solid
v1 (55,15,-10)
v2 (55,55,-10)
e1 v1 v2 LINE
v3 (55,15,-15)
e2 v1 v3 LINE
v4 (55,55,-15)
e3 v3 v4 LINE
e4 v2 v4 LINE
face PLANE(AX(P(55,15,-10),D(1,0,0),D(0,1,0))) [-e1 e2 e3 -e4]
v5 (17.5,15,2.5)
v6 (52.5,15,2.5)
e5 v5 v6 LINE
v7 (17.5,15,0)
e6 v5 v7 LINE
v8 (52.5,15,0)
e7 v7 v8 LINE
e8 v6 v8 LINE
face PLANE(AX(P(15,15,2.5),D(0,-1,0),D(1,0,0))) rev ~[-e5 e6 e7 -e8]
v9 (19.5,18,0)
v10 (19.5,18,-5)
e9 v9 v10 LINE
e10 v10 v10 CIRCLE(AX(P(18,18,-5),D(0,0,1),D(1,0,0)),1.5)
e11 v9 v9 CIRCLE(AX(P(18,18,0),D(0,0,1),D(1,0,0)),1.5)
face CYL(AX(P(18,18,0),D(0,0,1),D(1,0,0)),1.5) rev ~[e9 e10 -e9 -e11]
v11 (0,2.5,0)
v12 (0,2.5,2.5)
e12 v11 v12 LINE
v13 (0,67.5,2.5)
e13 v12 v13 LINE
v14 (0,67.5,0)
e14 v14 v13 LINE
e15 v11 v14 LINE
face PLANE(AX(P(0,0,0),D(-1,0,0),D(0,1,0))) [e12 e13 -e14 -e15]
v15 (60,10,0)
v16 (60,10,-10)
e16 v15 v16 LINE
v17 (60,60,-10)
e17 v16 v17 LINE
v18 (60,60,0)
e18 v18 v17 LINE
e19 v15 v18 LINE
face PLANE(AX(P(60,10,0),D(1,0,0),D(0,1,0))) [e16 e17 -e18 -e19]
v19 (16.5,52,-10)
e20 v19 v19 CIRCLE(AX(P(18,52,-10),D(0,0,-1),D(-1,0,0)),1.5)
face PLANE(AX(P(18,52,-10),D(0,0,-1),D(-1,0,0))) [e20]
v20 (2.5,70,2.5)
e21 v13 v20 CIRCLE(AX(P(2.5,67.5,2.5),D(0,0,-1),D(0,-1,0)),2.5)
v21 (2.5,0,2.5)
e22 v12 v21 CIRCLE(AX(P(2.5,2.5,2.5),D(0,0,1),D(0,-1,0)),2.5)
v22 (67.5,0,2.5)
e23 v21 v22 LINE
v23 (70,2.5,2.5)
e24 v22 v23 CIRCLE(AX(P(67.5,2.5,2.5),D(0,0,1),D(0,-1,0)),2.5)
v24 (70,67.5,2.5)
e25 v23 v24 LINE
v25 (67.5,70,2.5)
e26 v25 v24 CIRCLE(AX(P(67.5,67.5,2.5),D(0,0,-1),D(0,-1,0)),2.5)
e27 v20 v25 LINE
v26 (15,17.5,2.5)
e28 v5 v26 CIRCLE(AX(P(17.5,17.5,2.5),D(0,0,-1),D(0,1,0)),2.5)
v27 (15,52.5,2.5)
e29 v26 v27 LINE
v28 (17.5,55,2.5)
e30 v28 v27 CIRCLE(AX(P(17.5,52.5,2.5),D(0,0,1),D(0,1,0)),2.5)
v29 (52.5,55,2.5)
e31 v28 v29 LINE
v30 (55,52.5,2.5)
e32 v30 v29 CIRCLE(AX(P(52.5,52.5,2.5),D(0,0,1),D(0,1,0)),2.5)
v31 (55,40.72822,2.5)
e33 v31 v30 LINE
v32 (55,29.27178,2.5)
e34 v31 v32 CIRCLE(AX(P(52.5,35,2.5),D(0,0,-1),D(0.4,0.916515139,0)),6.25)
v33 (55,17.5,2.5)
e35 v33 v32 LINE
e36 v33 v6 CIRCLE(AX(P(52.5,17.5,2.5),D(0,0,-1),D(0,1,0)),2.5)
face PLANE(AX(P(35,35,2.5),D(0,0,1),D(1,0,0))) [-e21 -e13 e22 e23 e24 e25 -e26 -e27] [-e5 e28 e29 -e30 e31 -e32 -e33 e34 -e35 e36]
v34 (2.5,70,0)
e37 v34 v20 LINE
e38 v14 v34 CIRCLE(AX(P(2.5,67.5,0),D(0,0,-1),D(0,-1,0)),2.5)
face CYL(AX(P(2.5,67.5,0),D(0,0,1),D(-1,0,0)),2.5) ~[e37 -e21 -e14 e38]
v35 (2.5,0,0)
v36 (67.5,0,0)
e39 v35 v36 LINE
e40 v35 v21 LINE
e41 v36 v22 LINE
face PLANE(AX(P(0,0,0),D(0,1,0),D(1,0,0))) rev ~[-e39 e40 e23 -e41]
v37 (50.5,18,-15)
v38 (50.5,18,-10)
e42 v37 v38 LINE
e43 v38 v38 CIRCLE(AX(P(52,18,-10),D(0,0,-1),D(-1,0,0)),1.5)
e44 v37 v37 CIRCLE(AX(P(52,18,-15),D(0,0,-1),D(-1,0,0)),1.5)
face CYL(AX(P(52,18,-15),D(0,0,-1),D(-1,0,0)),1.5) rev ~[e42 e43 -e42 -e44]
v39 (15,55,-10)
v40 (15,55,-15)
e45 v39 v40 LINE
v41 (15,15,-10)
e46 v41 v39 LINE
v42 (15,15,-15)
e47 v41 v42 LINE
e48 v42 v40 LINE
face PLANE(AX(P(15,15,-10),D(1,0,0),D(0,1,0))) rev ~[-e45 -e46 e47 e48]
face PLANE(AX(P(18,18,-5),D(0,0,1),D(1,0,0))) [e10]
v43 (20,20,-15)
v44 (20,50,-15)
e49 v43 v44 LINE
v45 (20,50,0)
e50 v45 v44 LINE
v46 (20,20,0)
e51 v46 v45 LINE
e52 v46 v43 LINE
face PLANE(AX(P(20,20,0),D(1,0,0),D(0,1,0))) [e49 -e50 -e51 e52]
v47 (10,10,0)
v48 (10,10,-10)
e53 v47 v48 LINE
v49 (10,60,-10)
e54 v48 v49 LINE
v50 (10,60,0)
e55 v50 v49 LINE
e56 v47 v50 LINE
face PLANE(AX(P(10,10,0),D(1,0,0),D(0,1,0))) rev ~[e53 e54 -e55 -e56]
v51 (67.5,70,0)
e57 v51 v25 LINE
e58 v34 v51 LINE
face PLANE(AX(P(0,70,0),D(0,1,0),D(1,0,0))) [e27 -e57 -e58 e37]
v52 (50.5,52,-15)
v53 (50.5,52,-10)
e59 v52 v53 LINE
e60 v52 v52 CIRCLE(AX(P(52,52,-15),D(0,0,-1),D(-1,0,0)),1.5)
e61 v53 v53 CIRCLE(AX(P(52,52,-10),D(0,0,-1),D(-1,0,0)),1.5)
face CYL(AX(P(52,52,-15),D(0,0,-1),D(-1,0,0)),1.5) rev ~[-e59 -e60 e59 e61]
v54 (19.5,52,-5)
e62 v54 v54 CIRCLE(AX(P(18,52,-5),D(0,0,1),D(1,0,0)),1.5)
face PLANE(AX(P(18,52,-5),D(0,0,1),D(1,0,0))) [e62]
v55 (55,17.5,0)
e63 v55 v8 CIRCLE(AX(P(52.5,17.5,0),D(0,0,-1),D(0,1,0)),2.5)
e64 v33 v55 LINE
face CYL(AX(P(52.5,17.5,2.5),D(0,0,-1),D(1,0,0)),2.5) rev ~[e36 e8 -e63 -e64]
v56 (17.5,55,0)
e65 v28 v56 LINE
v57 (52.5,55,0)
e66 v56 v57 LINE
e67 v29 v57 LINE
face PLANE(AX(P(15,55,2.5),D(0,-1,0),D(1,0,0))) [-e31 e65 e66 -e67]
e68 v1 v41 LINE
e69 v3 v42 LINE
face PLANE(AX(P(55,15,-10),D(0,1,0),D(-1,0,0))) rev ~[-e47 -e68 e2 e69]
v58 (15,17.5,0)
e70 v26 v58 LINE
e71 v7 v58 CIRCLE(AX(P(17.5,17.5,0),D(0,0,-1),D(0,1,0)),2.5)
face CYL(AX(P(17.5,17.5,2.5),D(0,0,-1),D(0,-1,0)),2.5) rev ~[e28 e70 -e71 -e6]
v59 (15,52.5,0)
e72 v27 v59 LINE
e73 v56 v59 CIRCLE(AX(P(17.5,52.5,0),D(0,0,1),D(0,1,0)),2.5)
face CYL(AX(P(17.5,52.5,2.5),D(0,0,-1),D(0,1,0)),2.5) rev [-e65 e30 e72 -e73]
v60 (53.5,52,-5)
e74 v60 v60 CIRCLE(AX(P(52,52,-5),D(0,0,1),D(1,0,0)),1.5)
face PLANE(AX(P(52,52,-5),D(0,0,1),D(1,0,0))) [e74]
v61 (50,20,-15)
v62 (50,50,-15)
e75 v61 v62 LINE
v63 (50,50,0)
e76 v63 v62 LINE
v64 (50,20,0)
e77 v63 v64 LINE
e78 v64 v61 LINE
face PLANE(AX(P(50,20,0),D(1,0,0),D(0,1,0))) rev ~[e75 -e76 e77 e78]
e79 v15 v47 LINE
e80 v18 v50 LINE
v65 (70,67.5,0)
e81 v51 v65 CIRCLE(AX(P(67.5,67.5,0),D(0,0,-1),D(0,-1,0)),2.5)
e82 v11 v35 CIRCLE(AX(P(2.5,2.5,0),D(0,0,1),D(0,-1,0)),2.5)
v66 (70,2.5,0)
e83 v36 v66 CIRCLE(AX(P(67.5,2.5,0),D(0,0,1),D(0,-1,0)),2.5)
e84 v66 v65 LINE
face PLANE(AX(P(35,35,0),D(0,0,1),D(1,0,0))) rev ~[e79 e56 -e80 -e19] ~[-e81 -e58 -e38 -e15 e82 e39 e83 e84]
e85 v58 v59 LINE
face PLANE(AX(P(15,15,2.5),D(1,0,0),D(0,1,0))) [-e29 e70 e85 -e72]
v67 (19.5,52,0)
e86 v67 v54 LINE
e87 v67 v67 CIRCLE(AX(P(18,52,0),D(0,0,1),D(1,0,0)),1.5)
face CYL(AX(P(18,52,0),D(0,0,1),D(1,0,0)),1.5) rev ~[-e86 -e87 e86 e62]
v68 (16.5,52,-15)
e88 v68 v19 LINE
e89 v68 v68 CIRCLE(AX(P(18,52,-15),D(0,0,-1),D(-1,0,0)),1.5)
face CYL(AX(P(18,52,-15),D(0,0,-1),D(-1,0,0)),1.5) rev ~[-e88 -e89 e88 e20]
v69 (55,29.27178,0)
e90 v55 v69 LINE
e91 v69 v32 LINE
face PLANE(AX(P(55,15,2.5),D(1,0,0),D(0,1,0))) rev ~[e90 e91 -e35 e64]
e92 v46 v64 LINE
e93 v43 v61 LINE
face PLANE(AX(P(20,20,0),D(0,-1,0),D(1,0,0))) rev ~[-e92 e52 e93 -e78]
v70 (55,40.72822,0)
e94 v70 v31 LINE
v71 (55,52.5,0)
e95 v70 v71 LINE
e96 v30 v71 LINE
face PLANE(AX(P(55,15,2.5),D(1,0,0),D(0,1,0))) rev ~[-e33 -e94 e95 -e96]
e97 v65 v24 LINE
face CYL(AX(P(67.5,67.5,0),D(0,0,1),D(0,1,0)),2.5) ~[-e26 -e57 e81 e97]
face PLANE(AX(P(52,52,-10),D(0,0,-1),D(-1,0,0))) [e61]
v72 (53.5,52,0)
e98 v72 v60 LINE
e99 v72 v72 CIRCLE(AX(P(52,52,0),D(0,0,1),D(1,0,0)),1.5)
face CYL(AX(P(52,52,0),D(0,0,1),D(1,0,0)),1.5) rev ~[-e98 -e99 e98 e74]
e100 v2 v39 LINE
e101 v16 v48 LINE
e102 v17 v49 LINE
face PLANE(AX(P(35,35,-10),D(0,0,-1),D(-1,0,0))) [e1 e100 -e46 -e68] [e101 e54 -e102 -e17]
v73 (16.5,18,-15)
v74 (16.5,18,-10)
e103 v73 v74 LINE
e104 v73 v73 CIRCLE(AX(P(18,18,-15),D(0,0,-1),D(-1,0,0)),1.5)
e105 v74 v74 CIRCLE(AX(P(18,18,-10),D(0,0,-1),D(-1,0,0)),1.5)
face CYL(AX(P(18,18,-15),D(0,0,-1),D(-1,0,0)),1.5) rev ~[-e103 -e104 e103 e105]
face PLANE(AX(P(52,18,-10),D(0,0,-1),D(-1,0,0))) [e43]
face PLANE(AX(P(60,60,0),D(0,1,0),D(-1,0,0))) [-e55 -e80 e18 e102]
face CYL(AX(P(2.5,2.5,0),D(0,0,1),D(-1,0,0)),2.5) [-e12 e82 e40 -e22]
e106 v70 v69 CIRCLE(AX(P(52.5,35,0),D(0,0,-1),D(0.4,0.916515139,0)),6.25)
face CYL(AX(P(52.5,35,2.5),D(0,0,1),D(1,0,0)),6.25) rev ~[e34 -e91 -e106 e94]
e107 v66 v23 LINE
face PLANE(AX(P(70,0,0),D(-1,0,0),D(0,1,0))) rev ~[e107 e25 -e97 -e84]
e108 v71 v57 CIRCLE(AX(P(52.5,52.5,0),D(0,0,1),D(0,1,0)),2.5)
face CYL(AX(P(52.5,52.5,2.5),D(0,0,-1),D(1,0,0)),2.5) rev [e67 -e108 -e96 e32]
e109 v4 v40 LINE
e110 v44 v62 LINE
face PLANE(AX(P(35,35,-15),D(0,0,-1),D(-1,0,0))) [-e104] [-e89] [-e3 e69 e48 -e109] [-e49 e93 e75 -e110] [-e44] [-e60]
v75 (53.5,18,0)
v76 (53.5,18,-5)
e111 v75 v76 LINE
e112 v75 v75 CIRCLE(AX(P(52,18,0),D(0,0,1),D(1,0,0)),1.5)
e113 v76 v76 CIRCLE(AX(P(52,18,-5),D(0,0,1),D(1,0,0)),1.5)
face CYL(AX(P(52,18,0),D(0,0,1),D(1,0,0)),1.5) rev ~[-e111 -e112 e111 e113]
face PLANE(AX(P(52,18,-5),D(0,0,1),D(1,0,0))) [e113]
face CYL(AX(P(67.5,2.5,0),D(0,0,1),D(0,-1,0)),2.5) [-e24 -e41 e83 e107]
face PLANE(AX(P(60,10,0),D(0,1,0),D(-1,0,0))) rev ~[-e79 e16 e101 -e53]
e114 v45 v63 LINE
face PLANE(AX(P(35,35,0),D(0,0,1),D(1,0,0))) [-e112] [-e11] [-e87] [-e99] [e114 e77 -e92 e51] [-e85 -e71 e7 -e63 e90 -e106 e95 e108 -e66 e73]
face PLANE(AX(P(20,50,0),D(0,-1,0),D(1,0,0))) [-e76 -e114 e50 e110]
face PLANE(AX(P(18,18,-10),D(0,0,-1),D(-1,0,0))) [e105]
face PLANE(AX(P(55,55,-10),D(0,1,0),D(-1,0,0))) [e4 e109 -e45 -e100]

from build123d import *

# Parameters (mm, degrees)
SKETCH1_W           = 70
SKETCH1_H           = 70
BOSS_EXTRUDE1_DEPTH = 2.5
SKETCH3_W           = 50
SKETCH3_H           = 50
BOSS_EXTRUDE4_DEPTH = 10
SKETCH5_W           = 40
SKETCH5_H           = 40
BOSS_EXTRUDE5_DEPTH = 5
SKETCH2_W           = 40
SKETCH2_H           = 40
CUT_EXTRUDE4_DEPTH  = 2.5
SKETCH6_W           = 30
SKETCH6_H           = 30
CUT_EXTRUDE5_DEPTH  = 15
SKETCH8_R           = 1.5
CUT_EXTRUDE6_DEPTH  = 5
SKETCH9_R           = 1.5
CUT_EXTRUDE7_DEPTH  = 5
FILLET1_R           = 2.5
FILLET2_R           = 2.5
FILLET3_R           = 2.5
SKETCH10_R          = 6.25
CUT_EXTRUDE12_DEPTH = 2.5


with BuildPart() as part:
    # Sketch1 → Boss-Extrude1 (new body)
    with BuildSketch(Plane.XY):
        with Locations((35, 35)):
            Rectangle(SKETCH1_W, SKETCH1_H)
    extrude(amount=BOSS_EXTRUDE1_DEPTH)

    # Sketch3 → Boss-Extrude4 (add)
    with BuildSketch(Plane(origin=(0, 0, 0), x_dir=(-1, 0, 0), z_dir=(0, 0, -1))):
        with Locations((-35, 35)):
            Rectangle(SKETCH3_W, SKETCH3_H)
    extrude(amount=BOSS_EXTRUDE4_DEPTH)

    # Sketch5 → Boss-Extrude5 (add)
    with BuildSketch(Plane(origin=(0, 0, -10), x_dir=(-1, 0, 0), z_dir=(0, 0, -1))):
        with Locations((-35, 35)):
            Rectangle(SKETCH5_W, SKETCH5_H)
    extrude(amount=BOSS_EXTRUDE5_DEPTH)

    # Sketch2 → Cut-Extrude4 (cut)
    with BuildSketch(Plane.XY.offset(2.5)):
        with Locations((35, 35)):
            Rectangle(SKETCH2_W, SKETCH2_H)
    extrude(amount=-CUT_EXTRUDE4_DEPTH, mode=Mode.SUBTRACT)

    # Sketch6 → Cut-Extrude5 (cut)
    with BuildSketch(Plane.XY):
        with Locations((35, 35)):
            Rectangle(SKETCH6_W, SKETCH6_H)
    extrude(amount=-CUT_EXTRUDE5_DEPTH, mode=Mode.SUBTRACT)

    # Sketch8 → Cut-Extrude6 (cut)
    with BuildSketch(Plane.XY):
        with Locations((52, 52)):
            Circle(SKETCH8_R)
        with Locations((52, 18)):
            Circle(SKETCH8_R)
        with Locations((18, 52)):
            Circle(SKETCH8_R)
        with Locations((18, 18)):
            Circle(SKETCH8_R)
    extrude(amount=-CUT_EXTRUDE6_DEPTH, mode=Mode.SUBTRACT)

    # Sketch9 → Cut-Extrude7 (cut)
    with BuildSketch(Plane(origin=(0, 0, -15), x_dir=(-1, 0, 0), z_dir=(0, 0, -1))):
        with Locations((-18, 18)):
            Circle(SKETCH9_R)
        with Locations((-52, 18)):
            Circle(SKETCH9_R)
        with Locations((-18, 52)):
            Circle(SKETCH9_R)
        with Locations((-52, 52)):
            Circle(SKETCH9_R)
    extrude(amount=-CUT_EXTRUDE7_DEPTH, mode=Mode.SUBTRACT)

    # Fillet1
    fillet1_edges = [part.edges().sort_by_distance(p)[0] for p in [
        (0, 70, 1.25),
        (70, 70, 1.25),
        (70, 0, 1.25),
        (0, 0, 1.25),
    ]]
    fillet(fillet1_edges, radius=FILLET1_R)

    # Fillet2
    fillet2_edges = [part.edges().sort_by_distance(p)[0] for p in [
        (15, 55, 1.25),
        (55, 55, 1.25),
    ]]
    fillet(fillet2_edges, radius=FILLET2_R)

    # Fillet3
    fillet3_edges = [part.edges().sort_by_distance(p)[0] for p in [
        (15, 15, 1.25),
        (55, 15, 1.25),
    ]]
    fillet(fillet3_edges, radius=FILLET3_R)

    # Sketch10 → Cut-Extrude12 (cut)
    with BuildSketch(Plane.XY.offset(2.5)):
        with Locations((52.5, 35)):
            Circle(SKETCH10_R)
    extrude(amount=-CUT_EXTRUDE12_DEPTH, mode=Mode.SUBTRACT)


solid = part.part
